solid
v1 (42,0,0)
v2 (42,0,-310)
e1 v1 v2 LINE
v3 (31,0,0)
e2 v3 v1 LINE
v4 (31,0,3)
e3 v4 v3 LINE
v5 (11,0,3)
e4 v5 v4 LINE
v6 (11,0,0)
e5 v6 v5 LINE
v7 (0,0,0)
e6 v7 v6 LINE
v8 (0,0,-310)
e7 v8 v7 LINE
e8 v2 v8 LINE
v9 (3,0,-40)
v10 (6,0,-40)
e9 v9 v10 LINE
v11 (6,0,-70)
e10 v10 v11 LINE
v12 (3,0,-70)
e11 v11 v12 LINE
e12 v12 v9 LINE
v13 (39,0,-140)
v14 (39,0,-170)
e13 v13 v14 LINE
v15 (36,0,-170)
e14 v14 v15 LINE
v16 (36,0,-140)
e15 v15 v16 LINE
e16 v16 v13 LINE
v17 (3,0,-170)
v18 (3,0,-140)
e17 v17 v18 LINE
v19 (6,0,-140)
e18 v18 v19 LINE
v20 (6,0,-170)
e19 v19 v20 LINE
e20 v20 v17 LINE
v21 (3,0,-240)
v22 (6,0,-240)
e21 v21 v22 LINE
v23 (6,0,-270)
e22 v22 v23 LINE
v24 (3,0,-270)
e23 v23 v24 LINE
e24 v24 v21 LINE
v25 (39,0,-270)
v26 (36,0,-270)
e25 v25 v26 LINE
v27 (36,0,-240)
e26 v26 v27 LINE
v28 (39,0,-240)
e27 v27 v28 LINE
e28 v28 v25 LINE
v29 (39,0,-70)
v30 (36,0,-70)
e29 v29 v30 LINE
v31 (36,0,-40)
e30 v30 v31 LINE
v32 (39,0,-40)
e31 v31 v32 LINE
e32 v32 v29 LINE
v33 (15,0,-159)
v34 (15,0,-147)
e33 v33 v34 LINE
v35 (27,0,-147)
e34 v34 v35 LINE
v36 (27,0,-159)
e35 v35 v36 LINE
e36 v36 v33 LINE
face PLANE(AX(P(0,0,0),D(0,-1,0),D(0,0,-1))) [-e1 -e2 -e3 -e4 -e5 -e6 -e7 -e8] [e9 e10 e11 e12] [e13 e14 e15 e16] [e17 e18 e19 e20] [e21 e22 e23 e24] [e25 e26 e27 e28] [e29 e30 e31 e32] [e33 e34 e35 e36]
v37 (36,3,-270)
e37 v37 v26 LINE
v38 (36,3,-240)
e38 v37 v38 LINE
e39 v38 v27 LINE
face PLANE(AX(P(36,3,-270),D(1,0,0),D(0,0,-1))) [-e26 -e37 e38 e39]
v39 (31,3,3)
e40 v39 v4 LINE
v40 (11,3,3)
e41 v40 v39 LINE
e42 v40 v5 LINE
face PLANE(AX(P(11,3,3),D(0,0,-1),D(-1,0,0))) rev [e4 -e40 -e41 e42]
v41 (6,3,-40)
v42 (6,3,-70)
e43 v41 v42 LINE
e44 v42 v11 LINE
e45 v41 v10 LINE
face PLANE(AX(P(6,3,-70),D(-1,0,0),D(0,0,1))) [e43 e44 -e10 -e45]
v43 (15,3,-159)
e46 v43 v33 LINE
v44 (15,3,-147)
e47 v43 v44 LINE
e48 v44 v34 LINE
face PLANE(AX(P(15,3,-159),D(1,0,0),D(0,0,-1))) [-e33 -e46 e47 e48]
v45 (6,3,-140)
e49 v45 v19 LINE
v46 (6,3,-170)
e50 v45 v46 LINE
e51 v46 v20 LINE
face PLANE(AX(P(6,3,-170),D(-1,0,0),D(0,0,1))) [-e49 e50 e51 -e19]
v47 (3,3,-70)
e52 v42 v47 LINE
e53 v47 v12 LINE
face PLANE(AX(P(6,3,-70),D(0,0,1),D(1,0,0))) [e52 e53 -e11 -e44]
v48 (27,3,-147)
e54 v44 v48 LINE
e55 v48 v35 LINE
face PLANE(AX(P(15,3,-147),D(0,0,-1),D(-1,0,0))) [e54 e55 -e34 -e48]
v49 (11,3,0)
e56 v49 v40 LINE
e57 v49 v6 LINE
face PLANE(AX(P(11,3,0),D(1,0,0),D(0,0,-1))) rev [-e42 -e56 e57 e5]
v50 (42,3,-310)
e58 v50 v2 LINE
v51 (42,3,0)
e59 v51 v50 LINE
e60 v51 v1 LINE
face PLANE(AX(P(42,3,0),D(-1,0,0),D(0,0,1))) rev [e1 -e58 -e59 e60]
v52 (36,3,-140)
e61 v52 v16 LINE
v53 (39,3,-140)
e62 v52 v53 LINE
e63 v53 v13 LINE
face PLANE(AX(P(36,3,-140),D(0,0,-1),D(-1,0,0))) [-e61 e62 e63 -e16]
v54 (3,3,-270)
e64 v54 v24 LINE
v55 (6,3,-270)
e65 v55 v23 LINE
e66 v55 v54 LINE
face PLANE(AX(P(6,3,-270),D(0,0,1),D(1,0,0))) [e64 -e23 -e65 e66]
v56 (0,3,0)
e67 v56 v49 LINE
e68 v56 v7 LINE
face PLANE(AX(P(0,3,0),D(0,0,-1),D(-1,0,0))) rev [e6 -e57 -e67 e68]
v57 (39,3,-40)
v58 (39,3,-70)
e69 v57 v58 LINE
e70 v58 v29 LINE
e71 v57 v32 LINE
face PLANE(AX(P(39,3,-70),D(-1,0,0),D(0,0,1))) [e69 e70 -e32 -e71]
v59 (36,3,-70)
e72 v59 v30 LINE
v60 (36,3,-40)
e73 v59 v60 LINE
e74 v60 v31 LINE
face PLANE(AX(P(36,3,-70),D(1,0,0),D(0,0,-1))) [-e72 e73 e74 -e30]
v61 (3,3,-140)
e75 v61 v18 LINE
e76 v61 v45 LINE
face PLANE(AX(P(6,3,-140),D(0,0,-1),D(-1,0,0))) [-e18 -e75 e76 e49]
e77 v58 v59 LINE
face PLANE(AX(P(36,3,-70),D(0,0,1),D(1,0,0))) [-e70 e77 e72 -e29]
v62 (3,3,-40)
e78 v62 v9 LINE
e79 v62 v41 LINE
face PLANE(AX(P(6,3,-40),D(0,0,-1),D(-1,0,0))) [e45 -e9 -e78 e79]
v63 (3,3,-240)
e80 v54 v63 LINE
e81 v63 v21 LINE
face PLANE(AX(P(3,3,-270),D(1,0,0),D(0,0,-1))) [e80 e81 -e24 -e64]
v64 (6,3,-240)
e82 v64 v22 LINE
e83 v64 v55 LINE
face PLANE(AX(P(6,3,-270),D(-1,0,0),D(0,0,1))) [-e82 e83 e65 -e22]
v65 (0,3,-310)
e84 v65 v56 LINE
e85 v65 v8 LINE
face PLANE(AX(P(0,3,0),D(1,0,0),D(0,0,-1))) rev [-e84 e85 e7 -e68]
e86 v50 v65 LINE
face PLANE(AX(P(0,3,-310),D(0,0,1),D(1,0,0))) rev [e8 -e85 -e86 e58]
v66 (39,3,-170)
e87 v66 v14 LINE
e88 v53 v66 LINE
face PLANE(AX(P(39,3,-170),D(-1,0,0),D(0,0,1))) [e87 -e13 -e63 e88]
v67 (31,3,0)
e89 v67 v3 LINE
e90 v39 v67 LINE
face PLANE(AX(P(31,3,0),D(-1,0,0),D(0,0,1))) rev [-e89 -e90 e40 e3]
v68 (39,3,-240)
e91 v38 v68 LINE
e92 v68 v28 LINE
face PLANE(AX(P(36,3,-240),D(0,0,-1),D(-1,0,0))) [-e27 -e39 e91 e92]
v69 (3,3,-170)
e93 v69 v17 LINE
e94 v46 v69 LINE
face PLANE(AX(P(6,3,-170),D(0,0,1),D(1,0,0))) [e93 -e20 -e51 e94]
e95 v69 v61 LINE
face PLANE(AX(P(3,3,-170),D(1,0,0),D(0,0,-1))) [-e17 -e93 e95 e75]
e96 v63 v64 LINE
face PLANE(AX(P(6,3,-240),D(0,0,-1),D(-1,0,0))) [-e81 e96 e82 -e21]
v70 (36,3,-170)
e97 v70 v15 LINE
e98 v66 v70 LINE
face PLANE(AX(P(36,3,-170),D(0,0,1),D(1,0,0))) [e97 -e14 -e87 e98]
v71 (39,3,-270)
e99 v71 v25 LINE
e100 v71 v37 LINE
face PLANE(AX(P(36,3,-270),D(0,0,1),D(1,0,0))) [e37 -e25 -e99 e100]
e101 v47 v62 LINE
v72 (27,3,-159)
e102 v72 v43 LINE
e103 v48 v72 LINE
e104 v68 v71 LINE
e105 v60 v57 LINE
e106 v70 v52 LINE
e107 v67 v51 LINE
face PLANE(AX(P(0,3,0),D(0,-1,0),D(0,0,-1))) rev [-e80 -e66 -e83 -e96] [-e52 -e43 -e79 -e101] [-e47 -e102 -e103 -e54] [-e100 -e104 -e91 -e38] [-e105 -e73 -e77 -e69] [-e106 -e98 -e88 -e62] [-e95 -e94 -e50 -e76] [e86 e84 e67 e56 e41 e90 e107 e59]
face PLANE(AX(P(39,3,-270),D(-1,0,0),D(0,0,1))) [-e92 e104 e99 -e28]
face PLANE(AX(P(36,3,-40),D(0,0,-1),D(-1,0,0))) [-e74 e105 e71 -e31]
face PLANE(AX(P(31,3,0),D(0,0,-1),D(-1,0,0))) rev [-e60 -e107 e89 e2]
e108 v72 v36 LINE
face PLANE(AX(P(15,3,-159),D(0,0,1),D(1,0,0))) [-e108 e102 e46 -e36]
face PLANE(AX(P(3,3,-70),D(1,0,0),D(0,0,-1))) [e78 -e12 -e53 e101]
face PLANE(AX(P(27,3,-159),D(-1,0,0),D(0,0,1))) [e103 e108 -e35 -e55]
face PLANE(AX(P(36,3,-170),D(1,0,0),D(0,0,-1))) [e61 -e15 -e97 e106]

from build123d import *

# Parameters (mm, degrees)
SKETCH1_W           = 3
SKETCH1_H           = 30
SKETCH1_W_2         = 12
SKETCH1_H_2         = 12
BOSS_EXTRUDE1_DEPTH = 3


with BuildPart() as part:
    # Sketch1 → Boss-Extrude1 (new body)
    with BuildSketch(Plane(origin=(0, 0, 0), x_dir=(1, 0, 0), z_dir=(0, 1, 0))):
        Polygon((31, 0), (42, 0), (42, 310), (0, 310), (0, 0), (11, 0), (11, -3), (31, -3), align=None)
        with Locations((37.5, 55)):
            Rectangle(SKETCH1_W, SKETCH1_H, mode=Mode.SUBTRACT)
        with Locations((37.5, 155)):
            Rectangle(SKETCH1_W, SKETCH1_H, mode=Mode.SUBTRACT)
        with Locations((37.5, 255)):
            Rectangle(SKETCH1_W, SKETCH1_H, mode=Mode.SUBTRACT)
        with Locations((4.5, 255)):
            Rectangle(SKETCH1_W, SKETCH1_H, mode=Mode.SUBTRACT)
        with Locations((4.5, 155)):
            Rectangle(SKETCH1_W, SKETCH1_H, mode=Mode.SUBTRACT)
        with Locations((4.5, 55)):
            Rectangle(SKETCH1_W, SKETCH1_H, mode=Mode.SUBTRACT)
        with Locations((21, 153)):
            Rectangle(SKETCH1_W_2, SKETCH1_H_2, mode=Mode.SUBTRACT)
    extrude(amount=BOSS_EXTRUDE1_DEPTH)


solid = part.part
